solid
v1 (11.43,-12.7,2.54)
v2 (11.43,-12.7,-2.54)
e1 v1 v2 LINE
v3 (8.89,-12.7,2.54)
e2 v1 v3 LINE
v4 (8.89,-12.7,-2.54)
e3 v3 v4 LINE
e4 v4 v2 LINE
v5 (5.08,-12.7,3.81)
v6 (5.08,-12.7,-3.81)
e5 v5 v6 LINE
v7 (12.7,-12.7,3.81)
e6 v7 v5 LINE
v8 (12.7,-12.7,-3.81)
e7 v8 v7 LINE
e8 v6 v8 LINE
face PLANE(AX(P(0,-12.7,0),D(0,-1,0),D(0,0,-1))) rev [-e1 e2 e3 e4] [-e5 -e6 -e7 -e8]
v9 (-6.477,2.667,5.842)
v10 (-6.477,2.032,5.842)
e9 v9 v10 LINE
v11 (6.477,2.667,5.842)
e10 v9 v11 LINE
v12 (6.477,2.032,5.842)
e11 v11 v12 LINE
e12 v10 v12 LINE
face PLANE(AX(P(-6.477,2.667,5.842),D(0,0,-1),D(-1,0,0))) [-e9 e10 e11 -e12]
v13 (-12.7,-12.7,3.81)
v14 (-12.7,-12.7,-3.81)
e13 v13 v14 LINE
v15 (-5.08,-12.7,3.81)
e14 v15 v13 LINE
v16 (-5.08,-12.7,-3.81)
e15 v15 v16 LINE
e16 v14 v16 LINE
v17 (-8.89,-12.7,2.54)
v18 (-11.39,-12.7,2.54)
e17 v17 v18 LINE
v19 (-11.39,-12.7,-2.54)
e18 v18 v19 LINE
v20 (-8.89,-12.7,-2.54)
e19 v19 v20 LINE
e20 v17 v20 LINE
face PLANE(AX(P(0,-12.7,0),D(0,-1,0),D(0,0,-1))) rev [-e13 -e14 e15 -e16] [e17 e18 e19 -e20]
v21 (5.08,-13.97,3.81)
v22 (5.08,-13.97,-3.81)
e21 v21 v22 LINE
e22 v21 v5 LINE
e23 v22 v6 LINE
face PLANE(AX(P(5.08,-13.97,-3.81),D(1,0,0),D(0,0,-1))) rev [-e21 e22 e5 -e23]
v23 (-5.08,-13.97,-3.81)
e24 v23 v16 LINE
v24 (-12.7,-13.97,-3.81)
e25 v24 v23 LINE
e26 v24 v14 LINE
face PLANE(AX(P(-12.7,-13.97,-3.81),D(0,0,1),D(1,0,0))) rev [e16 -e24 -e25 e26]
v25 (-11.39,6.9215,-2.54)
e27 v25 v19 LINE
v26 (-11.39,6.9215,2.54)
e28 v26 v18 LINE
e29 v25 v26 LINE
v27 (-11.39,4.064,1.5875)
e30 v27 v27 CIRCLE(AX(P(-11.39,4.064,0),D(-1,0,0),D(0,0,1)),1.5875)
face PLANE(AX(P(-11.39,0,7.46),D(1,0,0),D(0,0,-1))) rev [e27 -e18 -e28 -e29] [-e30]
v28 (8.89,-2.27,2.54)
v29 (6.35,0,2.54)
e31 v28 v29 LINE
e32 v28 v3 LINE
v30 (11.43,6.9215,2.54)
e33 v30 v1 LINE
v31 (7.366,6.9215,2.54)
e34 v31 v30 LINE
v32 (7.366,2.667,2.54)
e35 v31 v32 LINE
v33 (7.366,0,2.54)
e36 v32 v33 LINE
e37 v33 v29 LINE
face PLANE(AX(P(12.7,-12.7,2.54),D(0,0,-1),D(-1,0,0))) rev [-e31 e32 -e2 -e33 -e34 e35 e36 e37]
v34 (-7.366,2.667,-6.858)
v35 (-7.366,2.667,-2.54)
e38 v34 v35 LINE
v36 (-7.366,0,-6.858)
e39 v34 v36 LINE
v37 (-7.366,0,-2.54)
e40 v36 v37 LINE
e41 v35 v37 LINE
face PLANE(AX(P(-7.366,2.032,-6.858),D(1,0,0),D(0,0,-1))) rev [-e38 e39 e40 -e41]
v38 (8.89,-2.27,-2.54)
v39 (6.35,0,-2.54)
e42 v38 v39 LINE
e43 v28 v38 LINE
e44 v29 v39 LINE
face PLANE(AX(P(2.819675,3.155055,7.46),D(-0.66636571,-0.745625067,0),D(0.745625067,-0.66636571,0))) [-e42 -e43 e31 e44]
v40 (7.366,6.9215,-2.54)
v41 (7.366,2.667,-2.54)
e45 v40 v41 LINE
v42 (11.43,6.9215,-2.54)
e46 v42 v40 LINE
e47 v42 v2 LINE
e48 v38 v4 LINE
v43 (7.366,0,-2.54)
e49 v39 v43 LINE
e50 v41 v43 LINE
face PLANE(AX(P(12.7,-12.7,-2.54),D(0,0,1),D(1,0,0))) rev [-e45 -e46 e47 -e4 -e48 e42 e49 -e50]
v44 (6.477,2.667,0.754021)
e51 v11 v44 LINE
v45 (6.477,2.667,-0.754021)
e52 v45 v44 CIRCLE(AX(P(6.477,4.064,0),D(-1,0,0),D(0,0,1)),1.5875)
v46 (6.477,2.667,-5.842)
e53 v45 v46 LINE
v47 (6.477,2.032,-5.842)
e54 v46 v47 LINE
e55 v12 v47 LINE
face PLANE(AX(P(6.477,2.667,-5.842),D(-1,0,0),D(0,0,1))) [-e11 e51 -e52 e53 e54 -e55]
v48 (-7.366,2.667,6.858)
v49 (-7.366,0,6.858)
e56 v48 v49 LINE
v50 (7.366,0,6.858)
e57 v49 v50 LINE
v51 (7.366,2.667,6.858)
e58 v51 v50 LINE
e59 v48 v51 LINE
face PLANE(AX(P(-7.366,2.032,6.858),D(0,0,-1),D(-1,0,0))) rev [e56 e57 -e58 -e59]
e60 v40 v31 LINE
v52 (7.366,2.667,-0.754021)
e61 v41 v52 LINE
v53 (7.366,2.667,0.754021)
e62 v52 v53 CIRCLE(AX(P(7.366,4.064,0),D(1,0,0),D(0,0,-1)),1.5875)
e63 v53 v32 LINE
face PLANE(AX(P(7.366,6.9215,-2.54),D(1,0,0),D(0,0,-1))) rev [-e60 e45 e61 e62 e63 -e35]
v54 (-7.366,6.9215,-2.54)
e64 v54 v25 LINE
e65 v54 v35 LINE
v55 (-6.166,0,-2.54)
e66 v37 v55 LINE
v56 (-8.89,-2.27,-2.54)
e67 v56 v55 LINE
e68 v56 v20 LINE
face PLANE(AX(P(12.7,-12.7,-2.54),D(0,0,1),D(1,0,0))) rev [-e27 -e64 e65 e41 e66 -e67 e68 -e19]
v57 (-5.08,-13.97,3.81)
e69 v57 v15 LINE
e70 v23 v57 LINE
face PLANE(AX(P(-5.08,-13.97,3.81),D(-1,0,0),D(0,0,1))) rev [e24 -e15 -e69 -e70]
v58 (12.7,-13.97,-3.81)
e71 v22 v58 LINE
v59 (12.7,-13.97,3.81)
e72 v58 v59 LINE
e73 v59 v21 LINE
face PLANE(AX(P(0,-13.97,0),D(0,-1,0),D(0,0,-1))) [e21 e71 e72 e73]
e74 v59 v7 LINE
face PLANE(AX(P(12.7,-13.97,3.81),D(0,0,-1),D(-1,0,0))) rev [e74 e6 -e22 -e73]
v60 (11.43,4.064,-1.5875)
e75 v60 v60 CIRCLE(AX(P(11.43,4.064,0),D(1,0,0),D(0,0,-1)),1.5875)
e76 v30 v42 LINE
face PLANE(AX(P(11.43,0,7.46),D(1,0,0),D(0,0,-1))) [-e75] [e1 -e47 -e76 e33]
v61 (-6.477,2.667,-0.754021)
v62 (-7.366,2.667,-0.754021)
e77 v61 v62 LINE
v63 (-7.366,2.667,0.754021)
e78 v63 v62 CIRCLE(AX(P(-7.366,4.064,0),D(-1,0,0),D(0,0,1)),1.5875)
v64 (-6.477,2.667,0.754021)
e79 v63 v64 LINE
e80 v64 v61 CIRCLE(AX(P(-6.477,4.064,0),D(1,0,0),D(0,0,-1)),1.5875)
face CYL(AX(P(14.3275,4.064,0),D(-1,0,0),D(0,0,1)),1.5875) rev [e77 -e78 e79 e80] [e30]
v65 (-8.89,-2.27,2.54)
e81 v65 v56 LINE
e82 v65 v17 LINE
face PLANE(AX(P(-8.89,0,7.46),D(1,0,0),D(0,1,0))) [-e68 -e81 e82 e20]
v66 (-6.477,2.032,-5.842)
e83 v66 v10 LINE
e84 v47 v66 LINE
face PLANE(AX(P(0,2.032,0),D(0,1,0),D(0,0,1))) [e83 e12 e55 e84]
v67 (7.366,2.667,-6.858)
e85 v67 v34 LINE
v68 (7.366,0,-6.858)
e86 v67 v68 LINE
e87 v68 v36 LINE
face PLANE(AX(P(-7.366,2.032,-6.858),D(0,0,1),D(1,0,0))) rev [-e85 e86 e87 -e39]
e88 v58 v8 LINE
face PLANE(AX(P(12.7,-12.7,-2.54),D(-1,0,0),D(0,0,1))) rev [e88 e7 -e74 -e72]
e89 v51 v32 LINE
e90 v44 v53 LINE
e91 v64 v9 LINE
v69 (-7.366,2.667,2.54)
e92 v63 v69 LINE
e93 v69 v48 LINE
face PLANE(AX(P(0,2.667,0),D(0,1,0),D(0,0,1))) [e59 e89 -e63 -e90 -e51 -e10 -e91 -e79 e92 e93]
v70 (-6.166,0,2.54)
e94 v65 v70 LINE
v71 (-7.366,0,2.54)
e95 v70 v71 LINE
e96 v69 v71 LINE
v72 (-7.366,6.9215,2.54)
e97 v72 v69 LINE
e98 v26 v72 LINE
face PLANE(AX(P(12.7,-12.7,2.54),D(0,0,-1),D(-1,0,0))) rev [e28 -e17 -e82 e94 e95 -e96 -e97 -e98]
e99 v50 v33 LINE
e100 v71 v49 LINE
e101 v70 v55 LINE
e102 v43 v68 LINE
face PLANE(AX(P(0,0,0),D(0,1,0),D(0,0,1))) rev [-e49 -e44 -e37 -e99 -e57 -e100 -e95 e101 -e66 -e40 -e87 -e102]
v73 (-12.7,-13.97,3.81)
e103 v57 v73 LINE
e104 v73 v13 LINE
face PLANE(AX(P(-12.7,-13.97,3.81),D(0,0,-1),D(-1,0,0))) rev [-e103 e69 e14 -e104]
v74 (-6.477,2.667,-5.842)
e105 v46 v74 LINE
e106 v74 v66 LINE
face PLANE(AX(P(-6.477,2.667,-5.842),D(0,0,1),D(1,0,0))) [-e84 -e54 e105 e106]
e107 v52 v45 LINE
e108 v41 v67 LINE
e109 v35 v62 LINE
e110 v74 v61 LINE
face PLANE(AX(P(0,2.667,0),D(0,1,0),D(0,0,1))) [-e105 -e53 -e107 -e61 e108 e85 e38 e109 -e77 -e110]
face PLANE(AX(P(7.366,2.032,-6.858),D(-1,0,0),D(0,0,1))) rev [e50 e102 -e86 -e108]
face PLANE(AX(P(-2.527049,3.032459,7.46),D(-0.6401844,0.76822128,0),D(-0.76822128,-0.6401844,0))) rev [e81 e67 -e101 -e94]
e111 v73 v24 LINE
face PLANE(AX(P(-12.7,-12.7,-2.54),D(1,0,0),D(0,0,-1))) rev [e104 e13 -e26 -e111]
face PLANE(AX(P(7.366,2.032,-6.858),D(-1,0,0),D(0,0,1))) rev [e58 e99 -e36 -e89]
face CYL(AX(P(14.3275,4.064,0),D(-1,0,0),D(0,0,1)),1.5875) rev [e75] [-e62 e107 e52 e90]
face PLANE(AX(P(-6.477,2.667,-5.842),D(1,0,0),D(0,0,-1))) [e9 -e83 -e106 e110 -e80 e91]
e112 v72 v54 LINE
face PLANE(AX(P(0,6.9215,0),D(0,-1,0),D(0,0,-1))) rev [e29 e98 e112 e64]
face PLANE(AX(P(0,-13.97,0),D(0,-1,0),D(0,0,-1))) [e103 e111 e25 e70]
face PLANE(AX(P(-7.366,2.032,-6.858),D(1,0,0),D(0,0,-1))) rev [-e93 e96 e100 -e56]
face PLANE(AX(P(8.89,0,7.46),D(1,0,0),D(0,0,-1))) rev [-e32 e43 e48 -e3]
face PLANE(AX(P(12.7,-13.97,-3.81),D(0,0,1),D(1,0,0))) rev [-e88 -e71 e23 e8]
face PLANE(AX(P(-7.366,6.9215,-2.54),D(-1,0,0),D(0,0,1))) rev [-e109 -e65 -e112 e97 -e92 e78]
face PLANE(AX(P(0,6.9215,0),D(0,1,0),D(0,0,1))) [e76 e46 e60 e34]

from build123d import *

# Parameters (mm, degrees)
SKETCH1_W            = 14.732
SKETCH1_H            = 13.716
BOSS_EXTRUDE1_DEPTH  = 2.032
SKETCH6_W            = 25.4
SKETCH6_H            = 5.08
BOSS_EXTRUDE2_DEPTH  = 12.7
SKETCH16_W           = 7.62
SKETCH16_H           = 7.62
BOSS_EXTRUDE5_DEPTH  = 1.27
SKETCH15_W           = 1.27
SKETCH15_H           = 12.7
SKETCH15_W_2         = 1.31
CUT_EXTRUDE5_DEPTH   = 10
SKETCH17_W           = 4.024
SKETCH17_H           = 5.08
BOSS_EXTRUDE10_DEPTH = 6.9215
SKETCH21_W           = 4.064
SKETCH21_H           = 5.08
BOSS_EXTRUDE11_DEPTH = 6.9215
SKETCH24_W           = 14.732
SKETCH24_H           = 13.716
SKETCH24_W_2         = 12.954
SKETCH24_H_2         = 11.684
BOSS_EXTRUDE12_DEPTH = 0.635
SKETCH23_R           = 1.5875
CUT_EXTRUDE6_DEPTH   = 25.7175


with BuildPart() as part:
    # Sketch1 → Boss-Extrude1 (new body)
    with BuildSketch(Plane(origin=(0, 0, 0), x_dir=(1, 0, 0), z_dir=(0, 1, 0))):
        Rectangle(SKETCH1_W, SKETCH1_H)
    extrude(amount=BOSS_EXTRUDE1_DEPTH)

    # Sketch6 → Boss-Extrude2 (add)
    with BuildSketch(Plane(origin=(0, 0, 0), x_dir=(-1, 0, 0), z_dir=(0, -1, 0))):
        Rectangle(SKETCH6_W, SKETCH6_H)
    extrude(amount=BOSS_EXTRUDE2_DEPTH)

    # Sketch16 → Boss-Extrude5 (add)
    with BuildSketch(Plane.XZ.offset(12.7)):
        with Locations((8.89, 0)):
            Rectangle(SKETCH16_W, SKETCH16_H)
        with Locations((-8.89, 0)):
            Rectangle(SKETCH16_W, SKETCH16_H)
    extrude(amount=BOSS_EXTRUDE5_DEPTH)

    # Sketch15 → Cut-Extrude5 (cut)
    with BuildSketch(Plane(origin=(0, 0, -2.54), x_dir=(-1, 0, 0), z_dir=(0, 0, -1))):
        with Locations((-12.065, -6.35)):
            Rectangle(SKETCH15_W, SKETCH15_H)
        Polygon((-8.89, -2.27), (-8.89, -12.7), (8.89, -12.7), (8.89, -2.27), (6.166, 0), (-6.35, 0), align=None)
        with Locations((12.045, -6.35)):
            Rectangle(SKETCH15_W_2, SKETCH15_H)
    extrude(amount=-CUT_EXTRUDE5_DEPTH, mode=Mode.SUBTRACT)

    # Sketch17 → Boss-Extrude10 (add)
    with BuildSketch(Plane(origin=(0, 0, 0), x_dir=(1, 0, 0), z_dir=(0, 1, 0))):
        with Locations((-9.378, 0)):
            Rectangle(SKETCH17_W, SKETCH17_H)
    extrude(amount=BOSS_EXTRUDE10_DEPTH)

    # Sketch21 → Boss-Extrude11 (add)
    with BuildSketch(Plane(origin=(0, 0, 0), x_dir=(1, 0, 0), z_dir=(0, 1, 0))):
        with Locations((9.398, 0)):
            Rectangle(SKETCH21_W, SKETCH21_H)
    extrude(amount=BOSS_EXTRUDE11_DEPTH)

    # Sketch24 → Boss-Extrude12 (add)
    with BuildSketch(Plane(origin=(0, 2.032, 0), x_dir=(1, 0, 0), z_dir=(0, 1, 0))):
        Rectangle(SKETCH24_W, SKETCH24_H)
        Rectangle(SKETCH24_W_2, SKETCH24_H_2, mode=Mode.SUBTRACT)
    extrude(amount=BOSS_EXTRUDE12_DEPTH)

    # Sketch23 → Cut-Extrude6 (cut)
    with BuildSketch(Plane.ZY.offset(11.39)):
        with Locations((0, 4.064)):
            Circle(SKETCH23_R)
    extrude(amount=-CUT_EXTRUDE6_DEPTH, mode=Mode.SUBTRACT)


solid = part.part
